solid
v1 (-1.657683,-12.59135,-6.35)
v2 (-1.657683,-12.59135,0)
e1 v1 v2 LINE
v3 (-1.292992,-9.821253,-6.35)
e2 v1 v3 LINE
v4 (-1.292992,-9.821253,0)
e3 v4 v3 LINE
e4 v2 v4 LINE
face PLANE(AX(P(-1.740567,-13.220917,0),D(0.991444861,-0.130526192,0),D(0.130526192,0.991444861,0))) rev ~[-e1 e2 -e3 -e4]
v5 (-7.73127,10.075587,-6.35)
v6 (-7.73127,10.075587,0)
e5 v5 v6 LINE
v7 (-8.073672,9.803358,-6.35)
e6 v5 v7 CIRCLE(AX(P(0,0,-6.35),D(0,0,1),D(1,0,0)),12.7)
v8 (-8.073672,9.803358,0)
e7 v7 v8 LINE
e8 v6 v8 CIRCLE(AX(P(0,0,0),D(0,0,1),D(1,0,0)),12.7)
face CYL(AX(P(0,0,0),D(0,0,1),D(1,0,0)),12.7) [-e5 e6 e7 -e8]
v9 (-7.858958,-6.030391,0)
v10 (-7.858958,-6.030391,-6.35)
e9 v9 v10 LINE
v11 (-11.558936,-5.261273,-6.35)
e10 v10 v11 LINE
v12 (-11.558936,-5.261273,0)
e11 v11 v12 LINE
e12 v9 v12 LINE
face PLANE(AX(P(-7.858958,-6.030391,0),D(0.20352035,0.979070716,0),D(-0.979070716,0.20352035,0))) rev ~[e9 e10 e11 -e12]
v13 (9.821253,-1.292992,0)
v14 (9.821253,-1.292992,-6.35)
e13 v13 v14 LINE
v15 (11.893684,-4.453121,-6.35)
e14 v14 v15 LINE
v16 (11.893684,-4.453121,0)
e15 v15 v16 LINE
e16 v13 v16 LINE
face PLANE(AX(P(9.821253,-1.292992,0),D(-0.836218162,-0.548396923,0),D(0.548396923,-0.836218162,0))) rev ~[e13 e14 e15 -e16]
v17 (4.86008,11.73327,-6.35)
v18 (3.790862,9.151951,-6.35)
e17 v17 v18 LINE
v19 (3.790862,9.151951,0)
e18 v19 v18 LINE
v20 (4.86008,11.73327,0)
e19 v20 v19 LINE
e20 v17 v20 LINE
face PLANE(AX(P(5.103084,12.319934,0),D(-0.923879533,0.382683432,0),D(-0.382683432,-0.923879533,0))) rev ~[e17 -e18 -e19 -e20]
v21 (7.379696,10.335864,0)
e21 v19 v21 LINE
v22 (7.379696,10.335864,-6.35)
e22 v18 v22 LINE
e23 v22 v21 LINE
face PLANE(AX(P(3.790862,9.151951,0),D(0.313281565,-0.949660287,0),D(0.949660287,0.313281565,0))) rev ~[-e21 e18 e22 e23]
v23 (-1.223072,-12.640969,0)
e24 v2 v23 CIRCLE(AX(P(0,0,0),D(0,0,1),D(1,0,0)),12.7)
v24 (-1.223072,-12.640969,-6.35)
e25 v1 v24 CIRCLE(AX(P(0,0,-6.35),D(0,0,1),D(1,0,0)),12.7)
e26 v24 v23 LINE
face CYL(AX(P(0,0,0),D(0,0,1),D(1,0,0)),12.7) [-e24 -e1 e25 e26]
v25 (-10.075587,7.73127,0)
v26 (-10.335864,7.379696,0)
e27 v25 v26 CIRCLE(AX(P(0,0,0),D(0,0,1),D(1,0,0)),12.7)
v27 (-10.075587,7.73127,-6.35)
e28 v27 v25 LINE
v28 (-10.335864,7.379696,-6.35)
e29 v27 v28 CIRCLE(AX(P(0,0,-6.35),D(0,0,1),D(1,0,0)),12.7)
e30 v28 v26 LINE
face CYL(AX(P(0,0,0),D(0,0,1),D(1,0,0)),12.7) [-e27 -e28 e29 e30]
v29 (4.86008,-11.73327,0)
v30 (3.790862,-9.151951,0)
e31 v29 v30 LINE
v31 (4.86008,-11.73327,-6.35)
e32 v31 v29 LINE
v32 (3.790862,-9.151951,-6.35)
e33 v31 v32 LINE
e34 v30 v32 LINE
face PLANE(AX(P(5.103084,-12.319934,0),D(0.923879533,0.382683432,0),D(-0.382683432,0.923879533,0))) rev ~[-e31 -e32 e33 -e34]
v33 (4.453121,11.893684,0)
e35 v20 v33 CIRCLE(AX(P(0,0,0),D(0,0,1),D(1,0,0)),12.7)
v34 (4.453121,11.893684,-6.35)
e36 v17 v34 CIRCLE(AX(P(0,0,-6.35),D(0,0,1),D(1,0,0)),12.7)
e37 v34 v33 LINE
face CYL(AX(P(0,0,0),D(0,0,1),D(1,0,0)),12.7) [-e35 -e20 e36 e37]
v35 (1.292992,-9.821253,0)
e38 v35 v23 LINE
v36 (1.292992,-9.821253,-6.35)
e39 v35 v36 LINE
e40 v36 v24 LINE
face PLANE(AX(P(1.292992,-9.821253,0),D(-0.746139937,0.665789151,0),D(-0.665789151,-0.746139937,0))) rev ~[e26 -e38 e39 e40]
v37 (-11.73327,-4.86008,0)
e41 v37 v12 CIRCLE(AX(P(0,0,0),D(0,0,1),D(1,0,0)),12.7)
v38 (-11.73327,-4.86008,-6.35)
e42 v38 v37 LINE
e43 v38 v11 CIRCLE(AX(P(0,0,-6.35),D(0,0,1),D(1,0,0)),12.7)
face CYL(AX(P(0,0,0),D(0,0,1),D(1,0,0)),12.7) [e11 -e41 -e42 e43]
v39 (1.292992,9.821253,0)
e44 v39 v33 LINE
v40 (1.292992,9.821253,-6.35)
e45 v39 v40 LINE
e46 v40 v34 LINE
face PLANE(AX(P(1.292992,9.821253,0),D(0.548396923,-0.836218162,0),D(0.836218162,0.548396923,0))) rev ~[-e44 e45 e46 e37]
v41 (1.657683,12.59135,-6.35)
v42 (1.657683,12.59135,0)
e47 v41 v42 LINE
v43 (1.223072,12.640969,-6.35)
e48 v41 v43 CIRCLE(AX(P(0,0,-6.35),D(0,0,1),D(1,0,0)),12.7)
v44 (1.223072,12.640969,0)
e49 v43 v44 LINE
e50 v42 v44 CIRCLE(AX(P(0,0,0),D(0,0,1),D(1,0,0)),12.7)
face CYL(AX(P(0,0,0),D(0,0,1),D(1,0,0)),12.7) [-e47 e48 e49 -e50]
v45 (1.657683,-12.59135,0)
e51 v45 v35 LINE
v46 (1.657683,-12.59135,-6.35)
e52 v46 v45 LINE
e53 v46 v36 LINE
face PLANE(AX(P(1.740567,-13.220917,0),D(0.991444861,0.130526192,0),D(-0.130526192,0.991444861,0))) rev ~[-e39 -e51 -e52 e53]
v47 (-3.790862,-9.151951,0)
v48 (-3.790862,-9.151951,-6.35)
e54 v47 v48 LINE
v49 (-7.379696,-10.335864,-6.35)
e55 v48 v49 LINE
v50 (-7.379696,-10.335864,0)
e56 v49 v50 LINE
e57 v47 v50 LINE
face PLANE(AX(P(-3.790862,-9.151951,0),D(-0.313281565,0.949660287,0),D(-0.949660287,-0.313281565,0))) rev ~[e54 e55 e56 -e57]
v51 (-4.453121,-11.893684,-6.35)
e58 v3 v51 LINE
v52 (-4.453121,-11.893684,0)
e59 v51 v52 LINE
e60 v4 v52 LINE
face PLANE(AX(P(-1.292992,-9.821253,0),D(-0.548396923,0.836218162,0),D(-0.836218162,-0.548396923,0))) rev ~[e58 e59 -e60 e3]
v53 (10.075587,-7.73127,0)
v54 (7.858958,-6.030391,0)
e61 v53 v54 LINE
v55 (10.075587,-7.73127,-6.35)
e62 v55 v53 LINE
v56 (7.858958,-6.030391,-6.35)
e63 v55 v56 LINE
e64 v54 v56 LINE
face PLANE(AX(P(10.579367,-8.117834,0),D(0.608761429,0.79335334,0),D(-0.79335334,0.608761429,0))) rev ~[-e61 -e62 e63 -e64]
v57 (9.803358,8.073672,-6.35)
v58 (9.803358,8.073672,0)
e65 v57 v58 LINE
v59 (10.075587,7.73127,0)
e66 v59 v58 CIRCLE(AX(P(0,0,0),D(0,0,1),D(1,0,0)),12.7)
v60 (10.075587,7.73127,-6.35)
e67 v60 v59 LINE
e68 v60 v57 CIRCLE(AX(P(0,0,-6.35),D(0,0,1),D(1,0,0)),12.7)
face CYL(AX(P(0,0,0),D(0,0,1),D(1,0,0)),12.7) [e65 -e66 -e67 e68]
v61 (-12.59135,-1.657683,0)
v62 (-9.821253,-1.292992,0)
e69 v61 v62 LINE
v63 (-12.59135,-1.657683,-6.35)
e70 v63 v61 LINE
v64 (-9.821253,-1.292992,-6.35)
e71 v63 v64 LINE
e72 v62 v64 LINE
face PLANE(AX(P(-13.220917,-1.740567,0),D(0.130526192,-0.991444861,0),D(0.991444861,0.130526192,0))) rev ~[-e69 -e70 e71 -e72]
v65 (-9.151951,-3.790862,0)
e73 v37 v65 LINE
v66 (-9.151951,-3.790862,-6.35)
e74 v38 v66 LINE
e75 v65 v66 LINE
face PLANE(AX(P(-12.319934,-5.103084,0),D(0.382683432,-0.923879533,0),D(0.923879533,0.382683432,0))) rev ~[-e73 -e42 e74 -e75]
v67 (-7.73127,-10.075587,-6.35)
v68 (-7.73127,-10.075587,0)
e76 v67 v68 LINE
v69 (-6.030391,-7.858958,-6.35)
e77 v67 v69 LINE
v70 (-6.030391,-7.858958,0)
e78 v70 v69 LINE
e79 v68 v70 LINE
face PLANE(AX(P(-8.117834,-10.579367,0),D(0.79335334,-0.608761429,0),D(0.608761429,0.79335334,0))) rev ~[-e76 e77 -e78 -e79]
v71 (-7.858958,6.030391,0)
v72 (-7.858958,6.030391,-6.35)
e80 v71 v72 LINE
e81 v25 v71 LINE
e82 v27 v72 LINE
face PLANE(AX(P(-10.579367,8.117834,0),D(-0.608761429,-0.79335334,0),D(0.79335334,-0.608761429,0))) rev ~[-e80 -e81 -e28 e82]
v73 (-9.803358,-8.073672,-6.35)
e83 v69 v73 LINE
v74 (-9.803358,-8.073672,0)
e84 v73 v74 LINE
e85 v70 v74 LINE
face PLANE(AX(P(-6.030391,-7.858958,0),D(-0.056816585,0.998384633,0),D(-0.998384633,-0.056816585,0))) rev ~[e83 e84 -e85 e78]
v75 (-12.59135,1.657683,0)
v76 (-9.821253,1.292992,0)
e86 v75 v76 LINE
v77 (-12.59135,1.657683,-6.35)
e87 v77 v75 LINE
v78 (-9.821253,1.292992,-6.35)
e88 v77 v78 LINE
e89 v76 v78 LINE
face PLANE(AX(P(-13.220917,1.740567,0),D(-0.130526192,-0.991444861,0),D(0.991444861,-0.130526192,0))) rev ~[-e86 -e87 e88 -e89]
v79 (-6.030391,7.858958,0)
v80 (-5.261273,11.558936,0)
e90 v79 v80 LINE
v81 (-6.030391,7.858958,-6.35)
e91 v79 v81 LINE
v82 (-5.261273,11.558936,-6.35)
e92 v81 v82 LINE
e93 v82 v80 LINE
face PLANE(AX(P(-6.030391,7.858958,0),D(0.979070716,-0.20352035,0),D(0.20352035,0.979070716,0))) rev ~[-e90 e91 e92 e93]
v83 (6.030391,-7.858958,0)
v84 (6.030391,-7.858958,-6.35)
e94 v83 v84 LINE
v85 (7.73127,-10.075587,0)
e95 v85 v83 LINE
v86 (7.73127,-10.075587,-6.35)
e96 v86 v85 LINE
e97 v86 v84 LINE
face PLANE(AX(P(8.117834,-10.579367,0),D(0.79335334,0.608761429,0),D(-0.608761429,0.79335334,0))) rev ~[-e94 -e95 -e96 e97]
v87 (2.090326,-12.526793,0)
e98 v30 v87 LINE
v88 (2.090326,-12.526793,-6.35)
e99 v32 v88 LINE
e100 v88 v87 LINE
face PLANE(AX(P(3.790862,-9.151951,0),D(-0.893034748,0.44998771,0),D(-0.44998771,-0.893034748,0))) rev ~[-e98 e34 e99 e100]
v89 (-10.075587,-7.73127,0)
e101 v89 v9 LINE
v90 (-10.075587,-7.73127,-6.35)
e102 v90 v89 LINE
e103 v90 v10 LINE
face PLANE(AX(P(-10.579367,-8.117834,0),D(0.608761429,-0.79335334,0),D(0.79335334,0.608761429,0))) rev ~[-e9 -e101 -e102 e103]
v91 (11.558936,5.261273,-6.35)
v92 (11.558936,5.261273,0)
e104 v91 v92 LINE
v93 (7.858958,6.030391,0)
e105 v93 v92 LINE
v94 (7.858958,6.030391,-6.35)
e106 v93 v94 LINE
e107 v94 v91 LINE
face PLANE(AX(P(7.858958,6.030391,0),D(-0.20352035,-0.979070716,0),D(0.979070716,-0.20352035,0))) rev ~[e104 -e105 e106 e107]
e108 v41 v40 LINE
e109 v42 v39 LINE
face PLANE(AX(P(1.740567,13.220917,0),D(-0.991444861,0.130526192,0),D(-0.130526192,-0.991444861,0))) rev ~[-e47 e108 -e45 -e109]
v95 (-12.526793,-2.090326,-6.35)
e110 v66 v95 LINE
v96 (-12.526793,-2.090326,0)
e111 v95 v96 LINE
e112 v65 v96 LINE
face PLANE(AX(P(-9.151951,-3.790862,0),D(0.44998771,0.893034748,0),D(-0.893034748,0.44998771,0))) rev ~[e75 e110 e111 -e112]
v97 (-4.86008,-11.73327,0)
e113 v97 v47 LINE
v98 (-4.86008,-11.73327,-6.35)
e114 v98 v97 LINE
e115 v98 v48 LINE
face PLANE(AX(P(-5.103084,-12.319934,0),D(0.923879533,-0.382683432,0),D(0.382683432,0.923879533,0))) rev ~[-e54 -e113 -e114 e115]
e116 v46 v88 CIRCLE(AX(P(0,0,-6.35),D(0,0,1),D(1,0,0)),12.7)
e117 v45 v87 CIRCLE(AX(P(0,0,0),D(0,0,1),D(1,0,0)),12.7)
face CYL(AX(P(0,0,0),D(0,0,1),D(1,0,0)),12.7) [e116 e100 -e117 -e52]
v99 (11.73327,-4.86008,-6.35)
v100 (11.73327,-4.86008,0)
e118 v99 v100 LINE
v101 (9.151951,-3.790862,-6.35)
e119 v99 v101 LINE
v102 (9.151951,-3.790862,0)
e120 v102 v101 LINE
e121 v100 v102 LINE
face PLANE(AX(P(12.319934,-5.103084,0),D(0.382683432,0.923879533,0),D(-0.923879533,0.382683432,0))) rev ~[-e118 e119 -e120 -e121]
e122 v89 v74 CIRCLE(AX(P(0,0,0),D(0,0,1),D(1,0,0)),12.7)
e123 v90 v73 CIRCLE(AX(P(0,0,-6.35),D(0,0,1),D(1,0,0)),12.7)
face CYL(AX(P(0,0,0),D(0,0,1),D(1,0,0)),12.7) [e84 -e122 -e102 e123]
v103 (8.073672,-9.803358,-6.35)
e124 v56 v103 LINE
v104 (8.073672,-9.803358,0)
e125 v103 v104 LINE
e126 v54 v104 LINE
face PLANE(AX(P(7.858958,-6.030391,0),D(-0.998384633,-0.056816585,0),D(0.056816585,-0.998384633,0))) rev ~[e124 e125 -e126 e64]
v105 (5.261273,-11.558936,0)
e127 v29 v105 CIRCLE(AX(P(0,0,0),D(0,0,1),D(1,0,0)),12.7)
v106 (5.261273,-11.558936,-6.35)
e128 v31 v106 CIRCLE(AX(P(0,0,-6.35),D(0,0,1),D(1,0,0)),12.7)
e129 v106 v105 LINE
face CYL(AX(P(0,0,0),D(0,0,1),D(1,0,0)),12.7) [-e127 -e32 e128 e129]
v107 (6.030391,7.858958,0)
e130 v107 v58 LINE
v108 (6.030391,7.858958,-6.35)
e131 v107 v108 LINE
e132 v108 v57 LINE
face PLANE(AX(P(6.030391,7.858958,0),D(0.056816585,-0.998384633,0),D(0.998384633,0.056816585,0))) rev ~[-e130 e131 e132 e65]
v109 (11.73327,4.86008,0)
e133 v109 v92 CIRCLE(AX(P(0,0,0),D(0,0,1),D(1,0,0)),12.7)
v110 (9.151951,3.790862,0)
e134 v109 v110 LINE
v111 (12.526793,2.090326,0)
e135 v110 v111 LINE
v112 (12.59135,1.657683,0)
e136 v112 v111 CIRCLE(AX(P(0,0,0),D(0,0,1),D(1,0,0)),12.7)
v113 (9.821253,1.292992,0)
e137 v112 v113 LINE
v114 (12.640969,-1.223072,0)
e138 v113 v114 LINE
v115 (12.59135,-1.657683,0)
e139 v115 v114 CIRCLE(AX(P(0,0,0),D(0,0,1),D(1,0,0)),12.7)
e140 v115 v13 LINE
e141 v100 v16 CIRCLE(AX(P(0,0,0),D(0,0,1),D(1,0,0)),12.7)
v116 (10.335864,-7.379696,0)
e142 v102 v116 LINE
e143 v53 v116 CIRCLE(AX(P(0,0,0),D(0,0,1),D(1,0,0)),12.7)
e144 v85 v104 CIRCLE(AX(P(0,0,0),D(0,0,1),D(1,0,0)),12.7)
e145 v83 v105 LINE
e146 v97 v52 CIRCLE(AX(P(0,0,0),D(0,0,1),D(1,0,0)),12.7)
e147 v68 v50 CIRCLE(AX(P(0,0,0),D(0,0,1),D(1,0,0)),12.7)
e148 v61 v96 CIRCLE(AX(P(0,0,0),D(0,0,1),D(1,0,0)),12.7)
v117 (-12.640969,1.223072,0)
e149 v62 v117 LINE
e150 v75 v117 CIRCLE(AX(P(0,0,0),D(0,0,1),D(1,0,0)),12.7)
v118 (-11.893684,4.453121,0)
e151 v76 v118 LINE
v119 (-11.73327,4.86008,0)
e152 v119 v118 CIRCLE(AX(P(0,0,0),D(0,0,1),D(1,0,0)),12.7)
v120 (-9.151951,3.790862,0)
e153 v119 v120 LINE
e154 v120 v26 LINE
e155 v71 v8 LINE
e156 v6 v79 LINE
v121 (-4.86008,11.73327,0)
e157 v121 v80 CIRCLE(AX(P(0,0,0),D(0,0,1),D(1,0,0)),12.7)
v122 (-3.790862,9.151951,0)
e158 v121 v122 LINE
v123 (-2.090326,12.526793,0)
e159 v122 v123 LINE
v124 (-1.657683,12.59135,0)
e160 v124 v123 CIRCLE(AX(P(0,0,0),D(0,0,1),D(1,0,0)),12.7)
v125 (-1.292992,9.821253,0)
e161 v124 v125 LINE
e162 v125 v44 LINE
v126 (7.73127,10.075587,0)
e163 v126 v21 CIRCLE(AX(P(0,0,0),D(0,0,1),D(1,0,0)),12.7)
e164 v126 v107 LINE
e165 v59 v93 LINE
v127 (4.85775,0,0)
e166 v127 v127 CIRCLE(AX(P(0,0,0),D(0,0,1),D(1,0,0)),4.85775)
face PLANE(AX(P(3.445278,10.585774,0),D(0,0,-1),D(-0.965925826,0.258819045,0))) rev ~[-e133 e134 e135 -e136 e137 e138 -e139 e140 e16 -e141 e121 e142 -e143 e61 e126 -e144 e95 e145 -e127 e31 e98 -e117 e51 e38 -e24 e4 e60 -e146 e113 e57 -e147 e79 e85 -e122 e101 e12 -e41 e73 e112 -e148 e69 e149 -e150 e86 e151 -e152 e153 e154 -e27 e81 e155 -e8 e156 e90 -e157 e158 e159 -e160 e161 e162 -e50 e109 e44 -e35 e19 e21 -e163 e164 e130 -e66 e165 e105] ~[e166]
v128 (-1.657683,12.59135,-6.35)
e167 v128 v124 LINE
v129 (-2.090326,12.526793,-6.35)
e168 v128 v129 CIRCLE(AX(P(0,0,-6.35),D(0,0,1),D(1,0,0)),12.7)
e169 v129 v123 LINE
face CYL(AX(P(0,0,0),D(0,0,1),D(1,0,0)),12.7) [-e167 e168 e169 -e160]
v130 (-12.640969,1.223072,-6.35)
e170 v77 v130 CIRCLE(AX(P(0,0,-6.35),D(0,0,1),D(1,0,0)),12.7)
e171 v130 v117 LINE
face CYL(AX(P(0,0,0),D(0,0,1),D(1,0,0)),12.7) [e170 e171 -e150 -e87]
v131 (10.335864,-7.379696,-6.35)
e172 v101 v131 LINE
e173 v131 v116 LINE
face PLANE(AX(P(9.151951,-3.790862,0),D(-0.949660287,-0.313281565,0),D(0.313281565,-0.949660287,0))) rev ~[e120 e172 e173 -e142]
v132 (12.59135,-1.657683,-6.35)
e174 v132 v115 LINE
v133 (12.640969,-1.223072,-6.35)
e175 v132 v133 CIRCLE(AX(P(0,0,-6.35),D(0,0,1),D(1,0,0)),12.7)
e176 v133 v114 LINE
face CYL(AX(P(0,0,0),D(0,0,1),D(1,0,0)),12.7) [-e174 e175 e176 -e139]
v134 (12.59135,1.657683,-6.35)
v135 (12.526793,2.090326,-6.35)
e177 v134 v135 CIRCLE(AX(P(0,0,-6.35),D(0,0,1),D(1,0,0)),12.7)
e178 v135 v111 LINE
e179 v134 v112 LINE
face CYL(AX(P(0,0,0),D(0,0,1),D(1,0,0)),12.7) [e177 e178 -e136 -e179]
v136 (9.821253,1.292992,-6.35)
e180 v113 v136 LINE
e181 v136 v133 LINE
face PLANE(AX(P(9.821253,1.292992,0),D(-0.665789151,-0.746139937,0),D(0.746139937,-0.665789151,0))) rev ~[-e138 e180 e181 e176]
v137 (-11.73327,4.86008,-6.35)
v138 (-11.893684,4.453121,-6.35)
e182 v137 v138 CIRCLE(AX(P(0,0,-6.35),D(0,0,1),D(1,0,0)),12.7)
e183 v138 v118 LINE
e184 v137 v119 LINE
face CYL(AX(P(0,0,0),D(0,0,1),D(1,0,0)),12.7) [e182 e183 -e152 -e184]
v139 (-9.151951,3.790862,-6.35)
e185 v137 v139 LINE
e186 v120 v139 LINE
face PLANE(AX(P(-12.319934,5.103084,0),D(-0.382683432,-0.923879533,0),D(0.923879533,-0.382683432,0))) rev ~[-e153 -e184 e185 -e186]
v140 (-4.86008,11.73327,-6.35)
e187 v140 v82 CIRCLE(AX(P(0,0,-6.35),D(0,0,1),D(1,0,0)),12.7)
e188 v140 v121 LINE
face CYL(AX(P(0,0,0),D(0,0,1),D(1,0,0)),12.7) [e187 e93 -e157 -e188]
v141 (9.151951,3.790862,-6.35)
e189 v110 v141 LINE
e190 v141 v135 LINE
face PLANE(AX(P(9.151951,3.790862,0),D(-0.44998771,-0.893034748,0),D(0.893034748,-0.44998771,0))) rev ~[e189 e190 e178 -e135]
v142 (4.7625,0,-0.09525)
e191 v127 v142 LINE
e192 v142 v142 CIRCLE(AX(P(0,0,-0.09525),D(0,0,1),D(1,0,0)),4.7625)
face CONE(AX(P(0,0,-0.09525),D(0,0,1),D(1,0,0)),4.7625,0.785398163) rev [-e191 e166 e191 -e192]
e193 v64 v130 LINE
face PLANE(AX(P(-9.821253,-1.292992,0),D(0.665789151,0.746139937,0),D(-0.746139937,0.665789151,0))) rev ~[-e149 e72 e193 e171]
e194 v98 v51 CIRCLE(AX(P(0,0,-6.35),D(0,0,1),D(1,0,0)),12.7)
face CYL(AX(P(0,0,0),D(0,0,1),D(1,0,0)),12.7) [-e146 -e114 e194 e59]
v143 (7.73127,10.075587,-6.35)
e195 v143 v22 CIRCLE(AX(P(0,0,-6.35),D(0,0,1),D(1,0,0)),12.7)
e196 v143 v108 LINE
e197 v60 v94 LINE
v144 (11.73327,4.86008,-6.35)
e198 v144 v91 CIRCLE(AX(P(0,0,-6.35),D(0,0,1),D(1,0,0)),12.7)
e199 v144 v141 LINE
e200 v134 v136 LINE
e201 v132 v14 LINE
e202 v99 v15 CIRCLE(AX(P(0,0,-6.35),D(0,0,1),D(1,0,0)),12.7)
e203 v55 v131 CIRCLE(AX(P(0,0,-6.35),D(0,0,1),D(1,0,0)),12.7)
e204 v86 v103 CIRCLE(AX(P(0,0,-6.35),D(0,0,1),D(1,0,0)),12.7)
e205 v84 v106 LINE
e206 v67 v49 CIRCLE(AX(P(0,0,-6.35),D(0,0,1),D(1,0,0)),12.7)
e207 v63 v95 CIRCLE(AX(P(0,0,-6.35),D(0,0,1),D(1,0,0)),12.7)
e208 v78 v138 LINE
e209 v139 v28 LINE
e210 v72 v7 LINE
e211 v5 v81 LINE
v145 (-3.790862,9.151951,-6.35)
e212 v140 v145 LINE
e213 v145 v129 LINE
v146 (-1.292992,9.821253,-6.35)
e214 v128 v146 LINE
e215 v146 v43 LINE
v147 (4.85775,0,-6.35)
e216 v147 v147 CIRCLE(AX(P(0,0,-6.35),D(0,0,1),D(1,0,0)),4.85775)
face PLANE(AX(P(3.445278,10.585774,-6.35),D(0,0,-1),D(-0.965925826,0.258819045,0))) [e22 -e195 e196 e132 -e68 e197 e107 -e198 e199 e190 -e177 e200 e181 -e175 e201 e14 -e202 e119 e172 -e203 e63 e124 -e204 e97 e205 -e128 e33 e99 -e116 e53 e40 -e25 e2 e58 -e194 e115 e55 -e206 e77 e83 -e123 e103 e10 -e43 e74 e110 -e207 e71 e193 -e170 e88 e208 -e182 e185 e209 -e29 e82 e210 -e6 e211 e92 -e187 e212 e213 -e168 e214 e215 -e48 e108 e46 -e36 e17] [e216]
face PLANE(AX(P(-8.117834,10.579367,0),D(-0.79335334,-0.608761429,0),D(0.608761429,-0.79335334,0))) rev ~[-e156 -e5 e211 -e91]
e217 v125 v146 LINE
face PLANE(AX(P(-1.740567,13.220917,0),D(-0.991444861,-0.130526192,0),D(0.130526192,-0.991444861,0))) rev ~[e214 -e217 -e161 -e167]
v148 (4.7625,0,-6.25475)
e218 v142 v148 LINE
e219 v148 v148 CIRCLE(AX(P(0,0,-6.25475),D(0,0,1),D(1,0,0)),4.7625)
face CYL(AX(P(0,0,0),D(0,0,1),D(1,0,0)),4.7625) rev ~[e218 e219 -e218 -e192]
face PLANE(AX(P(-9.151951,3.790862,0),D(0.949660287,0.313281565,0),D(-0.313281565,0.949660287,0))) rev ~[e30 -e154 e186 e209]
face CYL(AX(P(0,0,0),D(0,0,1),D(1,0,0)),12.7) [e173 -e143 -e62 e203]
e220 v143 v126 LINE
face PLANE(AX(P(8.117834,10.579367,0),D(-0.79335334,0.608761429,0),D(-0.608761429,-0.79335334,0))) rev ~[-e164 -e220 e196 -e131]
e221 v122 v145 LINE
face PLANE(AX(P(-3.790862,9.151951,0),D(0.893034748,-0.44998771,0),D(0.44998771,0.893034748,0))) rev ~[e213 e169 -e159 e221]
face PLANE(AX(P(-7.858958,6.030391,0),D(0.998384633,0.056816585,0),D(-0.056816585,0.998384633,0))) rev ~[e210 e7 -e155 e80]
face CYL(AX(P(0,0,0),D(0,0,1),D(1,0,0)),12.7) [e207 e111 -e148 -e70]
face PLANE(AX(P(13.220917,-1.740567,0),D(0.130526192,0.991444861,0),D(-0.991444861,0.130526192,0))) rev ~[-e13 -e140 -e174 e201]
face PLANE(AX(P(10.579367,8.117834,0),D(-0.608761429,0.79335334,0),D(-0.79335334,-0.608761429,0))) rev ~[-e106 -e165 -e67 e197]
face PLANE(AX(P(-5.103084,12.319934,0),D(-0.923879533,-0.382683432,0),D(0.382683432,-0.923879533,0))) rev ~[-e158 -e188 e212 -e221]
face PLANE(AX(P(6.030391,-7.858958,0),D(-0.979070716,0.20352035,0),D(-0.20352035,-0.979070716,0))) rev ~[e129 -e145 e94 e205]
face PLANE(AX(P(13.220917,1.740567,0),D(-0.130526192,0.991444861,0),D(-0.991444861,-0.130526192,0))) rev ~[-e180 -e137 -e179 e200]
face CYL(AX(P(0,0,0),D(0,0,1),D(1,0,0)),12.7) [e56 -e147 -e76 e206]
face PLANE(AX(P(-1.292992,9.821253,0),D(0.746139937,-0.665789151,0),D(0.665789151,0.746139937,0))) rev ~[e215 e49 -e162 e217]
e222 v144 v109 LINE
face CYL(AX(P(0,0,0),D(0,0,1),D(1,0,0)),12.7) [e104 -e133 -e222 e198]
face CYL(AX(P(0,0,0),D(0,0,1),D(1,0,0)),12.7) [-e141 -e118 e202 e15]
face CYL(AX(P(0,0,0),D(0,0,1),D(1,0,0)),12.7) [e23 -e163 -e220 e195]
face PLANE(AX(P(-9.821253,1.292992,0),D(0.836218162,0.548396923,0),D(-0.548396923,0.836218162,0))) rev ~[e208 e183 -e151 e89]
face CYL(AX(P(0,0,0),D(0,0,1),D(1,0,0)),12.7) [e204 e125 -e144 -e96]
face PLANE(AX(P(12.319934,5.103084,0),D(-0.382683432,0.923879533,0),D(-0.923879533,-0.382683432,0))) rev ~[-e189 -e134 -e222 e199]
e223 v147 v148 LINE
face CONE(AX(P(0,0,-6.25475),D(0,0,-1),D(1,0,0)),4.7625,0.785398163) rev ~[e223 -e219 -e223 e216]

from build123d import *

# Parameters (mm, degrees)
SKETCH1_R               = 9.906
SKETCH1_R_2             = 4.7625
BOSS_EXTRUDE1_DEPTH     = 6.35
BOSS_EXTRUDE2_DEPTH     = 6.35
CIRPATTERN1_COUNT       = 24
CHAMFER1_SIZE           = 0.09525
SKETCH3_R               = 317.5
SKETCH3_R_2             = 12.7
CUT_EXTRUDE_THIN1_DEPTH = 20.746083273


with BuildPart() as part:
    # Sketch1 → Boss-Extrude1 (new body)
    with BuildSketch(Plane.XY):
        Circle(SKETCH1_R)
        Circle(SKETCH1_R_2, mode=Mode.SUBTRACT)
    extrude(amount=-BOSS_EXTRUDE1_DEPTH)

    # Sketch2 → Boss-Extrude2 (add)
    with BuildSketch(Plane.XY):
        with BuildLine():
            Line((-1.29299246, 9.821252797), (1.740566773, 13.220917226))
            Line((1.740566773, 13.220917226), (1.29299246, 9.821252797))
            ThreePointArc((1.29299246, 9.821252797), (0, 9.906), (-1.29299246, 9.821252797))
        make_face()
    boss_extrude2 = extrude(amount=-BOSS_EXTRUDE2_DEPTH)

    # CirPattern1: Boss-Extrude2 ×24 about axis
    cirpattern1_axis = Axis((0, 0, 0), (0, 0, 1))
    for i in range(1, CIRPATTERN1_COUNT):
        add(boss_extrude2.rotate(cirpattern1_axis, i * 360 / CIRPATTERN1_COUNT))

    # Chamfer1
    chamfer1_edges = [part.edges().sort_by_distance(p)[0] for p in [
        (-4.7625, 0, -6.35),
        (-4.7625, 0, 0),
    ]]
    chamfer(chamfer1_edges, length=CHAMFER1_SIZE)

    # Sketch3 → Cut-Extrude-Thin1 (cut, through all)
    with BuildSketch(Plane.XY):
        Circle(SKETCH3_R)
        Circle(SKETCH3_R_2, mode=Mode.SUBTRACT)
    extrude(amount=-CUT_EXTRUDE_THIN1_DEPTH, mode=Mode.SUBTRACT)


solid = part.part
